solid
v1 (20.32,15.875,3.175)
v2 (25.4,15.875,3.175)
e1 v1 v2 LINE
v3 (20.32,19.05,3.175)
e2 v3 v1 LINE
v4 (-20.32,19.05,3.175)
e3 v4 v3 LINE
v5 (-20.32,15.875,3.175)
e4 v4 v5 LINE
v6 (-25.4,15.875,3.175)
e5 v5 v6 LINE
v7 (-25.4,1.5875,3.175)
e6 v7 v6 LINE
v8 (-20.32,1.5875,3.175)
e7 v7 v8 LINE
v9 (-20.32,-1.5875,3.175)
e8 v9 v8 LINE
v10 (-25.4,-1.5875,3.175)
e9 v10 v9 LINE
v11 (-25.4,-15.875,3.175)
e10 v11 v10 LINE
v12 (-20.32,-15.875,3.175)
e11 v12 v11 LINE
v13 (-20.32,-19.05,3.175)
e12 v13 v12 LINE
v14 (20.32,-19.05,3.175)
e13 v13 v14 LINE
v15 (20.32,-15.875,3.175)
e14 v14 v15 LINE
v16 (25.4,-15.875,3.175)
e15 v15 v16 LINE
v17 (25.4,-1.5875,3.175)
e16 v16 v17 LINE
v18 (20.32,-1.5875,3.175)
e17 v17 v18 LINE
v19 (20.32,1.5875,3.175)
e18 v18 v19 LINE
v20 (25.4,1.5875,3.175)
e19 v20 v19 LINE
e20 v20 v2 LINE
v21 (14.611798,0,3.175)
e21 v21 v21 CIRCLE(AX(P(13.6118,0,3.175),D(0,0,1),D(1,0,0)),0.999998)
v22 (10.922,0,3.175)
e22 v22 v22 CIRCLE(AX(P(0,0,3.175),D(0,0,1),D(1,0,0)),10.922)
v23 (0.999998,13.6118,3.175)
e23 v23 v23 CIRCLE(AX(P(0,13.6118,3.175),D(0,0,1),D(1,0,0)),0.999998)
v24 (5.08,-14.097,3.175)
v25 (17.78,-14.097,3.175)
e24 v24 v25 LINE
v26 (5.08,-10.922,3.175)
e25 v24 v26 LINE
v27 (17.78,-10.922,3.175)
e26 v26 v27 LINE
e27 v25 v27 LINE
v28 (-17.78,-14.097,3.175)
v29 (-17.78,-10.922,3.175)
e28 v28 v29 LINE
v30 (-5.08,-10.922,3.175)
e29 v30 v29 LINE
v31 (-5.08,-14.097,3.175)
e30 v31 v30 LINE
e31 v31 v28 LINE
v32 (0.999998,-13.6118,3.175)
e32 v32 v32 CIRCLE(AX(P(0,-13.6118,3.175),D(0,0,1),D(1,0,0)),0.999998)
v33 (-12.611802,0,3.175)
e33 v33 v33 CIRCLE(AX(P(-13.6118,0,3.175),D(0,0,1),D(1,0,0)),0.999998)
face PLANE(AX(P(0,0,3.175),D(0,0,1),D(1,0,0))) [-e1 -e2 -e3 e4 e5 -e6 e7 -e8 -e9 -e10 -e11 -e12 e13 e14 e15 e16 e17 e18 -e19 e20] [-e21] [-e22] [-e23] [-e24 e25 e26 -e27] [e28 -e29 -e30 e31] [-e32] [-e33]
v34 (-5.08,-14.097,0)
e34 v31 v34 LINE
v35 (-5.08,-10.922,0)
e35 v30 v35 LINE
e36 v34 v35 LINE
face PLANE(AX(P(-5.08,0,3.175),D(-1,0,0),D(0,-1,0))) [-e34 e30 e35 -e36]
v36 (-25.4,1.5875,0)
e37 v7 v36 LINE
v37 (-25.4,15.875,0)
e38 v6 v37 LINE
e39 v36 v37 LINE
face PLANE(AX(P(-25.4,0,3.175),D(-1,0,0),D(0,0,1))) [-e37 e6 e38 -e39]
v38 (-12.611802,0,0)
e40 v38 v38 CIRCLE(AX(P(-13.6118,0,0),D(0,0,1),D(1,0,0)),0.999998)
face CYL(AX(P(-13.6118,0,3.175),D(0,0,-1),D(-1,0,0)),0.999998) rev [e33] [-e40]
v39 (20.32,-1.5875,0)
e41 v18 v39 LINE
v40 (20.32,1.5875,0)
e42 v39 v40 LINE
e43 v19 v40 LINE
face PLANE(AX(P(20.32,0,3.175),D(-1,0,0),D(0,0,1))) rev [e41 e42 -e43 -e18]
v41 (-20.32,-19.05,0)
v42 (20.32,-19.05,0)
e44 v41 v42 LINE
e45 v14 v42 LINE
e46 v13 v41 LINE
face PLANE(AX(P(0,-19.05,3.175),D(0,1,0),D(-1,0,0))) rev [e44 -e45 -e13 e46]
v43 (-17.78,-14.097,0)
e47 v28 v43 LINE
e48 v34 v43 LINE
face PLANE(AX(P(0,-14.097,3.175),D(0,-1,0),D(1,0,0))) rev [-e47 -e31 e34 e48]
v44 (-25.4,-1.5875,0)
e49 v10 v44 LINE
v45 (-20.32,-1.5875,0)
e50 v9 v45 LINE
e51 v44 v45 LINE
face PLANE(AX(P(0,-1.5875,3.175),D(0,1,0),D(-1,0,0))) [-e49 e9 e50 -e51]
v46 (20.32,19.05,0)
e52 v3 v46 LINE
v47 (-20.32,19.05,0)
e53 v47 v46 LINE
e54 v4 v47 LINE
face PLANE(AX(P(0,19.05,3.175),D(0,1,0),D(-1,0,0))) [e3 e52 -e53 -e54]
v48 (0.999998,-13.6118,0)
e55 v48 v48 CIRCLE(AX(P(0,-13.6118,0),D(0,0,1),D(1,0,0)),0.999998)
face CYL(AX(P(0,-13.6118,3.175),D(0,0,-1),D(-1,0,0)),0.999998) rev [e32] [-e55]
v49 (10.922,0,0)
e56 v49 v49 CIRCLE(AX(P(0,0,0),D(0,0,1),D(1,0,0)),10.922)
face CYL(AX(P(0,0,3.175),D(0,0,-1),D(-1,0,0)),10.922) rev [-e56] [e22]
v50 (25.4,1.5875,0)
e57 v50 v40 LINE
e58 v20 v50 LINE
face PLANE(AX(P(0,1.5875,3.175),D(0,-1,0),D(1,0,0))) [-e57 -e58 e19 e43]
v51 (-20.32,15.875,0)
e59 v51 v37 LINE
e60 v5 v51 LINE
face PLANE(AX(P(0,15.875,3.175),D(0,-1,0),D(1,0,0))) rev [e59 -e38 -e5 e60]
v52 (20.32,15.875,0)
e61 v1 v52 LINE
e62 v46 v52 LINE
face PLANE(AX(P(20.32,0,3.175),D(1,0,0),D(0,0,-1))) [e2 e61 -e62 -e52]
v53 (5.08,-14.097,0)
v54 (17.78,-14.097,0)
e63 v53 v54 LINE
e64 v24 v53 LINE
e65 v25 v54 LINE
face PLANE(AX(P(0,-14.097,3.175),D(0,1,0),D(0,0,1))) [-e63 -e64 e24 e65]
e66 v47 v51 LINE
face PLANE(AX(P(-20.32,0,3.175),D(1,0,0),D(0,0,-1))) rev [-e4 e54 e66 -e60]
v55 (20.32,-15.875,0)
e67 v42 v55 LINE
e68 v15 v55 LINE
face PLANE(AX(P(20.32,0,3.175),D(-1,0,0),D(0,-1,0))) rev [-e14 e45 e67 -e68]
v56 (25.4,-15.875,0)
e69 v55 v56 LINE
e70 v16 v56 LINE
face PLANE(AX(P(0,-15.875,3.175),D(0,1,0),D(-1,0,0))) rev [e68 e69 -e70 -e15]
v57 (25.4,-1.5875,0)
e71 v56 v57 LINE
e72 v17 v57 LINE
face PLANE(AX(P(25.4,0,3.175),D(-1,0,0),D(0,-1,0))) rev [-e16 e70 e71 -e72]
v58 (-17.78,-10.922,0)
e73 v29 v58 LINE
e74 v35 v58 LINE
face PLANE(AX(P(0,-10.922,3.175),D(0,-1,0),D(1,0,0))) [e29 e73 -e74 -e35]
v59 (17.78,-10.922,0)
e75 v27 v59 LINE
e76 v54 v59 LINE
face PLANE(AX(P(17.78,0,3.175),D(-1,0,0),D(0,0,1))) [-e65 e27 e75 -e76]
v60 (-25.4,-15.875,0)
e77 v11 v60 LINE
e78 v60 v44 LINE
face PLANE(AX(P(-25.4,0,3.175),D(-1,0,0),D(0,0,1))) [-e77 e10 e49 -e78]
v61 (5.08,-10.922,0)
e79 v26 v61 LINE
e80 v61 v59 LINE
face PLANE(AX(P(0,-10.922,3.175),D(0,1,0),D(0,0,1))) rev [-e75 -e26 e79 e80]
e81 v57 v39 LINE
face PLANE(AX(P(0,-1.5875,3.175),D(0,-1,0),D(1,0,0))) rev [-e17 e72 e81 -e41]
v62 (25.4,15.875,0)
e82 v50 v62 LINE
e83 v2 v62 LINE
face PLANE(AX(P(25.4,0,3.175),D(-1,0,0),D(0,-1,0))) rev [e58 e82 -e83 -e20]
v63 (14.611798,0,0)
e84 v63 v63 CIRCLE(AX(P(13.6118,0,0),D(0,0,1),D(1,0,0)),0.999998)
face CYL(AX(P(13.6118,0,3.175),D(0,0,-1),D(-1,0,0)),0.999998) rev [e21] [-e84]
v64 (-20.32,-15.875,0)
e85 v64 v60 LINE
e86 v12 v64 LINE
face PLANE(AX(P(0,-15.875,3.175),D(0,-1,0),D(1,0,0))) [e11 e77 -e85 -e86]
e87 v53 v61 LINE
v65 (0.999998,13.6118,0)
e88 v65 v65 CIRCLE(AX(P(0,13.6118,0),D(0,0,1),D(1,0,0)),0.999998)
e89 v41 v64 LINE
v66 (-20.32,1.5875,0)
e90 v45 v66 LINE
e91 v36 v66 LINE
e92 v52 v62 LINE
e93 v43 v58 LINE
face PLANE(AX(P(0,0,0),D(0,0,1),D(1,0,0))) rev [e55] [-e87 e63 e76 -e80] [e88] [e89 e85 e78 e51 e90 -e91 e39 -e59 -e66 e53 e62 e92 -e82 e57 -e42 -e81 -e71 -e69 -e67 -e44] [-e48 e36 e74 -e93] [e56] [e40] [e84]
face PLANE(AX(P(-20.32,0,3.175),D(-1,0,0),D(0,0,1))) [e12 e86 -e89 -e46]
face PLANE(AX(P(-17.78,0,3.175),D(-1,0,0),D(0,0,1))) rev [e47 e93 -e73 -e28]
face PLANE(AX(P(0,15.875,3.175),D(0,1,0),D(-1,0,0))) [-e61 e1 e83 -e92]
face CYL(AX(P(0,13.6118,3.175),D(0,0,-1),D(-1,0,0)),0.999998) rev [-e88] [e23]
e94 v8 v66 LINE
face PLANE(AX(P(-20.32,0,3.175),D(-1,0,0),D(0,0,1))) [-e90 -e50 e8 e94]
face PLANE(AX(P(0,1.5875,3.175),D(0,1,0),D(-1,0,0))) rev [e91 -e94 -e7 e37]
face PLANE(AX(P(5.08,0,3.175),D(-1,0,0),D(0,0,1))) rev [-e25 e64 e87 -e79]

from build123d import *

# Parameters (mm, degrees)
SKETCH3_W           = 12.7
SKETCH3_H           = 3.175
SKETCH3_R           = 0.999998
SKETCH3_R_2         = 10.922
BOSS_EXTRUDE1_DEPTH = 3.175


with BuildPart() as part:
    # Sketch3 → Boss-Extrude1 (new body)
    with BuildSketch(Plane.XY):
        Polygon((-20.32, -15.875), (-20.32, -19.05), (20.32, -19.05), (20.32, -15.875), (25.4, -15.875), (25.4, -1.5875), (20.32, -1.5875), (20.32, 1.5875), (25.4, 1.5875), (25.4, 15.875), (20.32, 15.875), (20.32, 19.05), (-20.32, 19.05), (-20.32, 15.875), (-25.4, 15.875), (-25.4, 1.5875), (-20.32, 1.5875), (-20.32, -1.5875), (-25.4, -1.5875), (-25.4, -15.875), align=None)
        with Locations((-11.43, -12.5095)):
            Rectangle(SKETCH3_W, SKETCH3_H, mode=Mode.SUBTRACT)
        with Locations((0, -13.611800056)):
            Circle(SKETCH3_R, mode=Mode.SUBTRACT)
        with Locations((11.43, -12.5095)):
            Rectangle(SKETCH3_W, SKETCH3_H, mode=Mode.SUBTRACT)
        with Locations((0, -5.6e-08)):
            Circle(SKETCH3_R_2, mode=Mode.SUBTRACT)
        with Locations((-13.611800056, 0)):
            Circle(SKETCH3_R, mode=Mode.SUBTRACT)
        with Locations((13.611800056, 0)):
            Circle(SKETCH3_R, mode=Mode.SUBTRACT)
        with Locations((0, 13.611800056)):
            Circle(SKETCH3_R, mode=Mode.SUBTRACT)
    extrude(amount=BOSS_EXTRUDE1_DEPTH)


solid = part.part
